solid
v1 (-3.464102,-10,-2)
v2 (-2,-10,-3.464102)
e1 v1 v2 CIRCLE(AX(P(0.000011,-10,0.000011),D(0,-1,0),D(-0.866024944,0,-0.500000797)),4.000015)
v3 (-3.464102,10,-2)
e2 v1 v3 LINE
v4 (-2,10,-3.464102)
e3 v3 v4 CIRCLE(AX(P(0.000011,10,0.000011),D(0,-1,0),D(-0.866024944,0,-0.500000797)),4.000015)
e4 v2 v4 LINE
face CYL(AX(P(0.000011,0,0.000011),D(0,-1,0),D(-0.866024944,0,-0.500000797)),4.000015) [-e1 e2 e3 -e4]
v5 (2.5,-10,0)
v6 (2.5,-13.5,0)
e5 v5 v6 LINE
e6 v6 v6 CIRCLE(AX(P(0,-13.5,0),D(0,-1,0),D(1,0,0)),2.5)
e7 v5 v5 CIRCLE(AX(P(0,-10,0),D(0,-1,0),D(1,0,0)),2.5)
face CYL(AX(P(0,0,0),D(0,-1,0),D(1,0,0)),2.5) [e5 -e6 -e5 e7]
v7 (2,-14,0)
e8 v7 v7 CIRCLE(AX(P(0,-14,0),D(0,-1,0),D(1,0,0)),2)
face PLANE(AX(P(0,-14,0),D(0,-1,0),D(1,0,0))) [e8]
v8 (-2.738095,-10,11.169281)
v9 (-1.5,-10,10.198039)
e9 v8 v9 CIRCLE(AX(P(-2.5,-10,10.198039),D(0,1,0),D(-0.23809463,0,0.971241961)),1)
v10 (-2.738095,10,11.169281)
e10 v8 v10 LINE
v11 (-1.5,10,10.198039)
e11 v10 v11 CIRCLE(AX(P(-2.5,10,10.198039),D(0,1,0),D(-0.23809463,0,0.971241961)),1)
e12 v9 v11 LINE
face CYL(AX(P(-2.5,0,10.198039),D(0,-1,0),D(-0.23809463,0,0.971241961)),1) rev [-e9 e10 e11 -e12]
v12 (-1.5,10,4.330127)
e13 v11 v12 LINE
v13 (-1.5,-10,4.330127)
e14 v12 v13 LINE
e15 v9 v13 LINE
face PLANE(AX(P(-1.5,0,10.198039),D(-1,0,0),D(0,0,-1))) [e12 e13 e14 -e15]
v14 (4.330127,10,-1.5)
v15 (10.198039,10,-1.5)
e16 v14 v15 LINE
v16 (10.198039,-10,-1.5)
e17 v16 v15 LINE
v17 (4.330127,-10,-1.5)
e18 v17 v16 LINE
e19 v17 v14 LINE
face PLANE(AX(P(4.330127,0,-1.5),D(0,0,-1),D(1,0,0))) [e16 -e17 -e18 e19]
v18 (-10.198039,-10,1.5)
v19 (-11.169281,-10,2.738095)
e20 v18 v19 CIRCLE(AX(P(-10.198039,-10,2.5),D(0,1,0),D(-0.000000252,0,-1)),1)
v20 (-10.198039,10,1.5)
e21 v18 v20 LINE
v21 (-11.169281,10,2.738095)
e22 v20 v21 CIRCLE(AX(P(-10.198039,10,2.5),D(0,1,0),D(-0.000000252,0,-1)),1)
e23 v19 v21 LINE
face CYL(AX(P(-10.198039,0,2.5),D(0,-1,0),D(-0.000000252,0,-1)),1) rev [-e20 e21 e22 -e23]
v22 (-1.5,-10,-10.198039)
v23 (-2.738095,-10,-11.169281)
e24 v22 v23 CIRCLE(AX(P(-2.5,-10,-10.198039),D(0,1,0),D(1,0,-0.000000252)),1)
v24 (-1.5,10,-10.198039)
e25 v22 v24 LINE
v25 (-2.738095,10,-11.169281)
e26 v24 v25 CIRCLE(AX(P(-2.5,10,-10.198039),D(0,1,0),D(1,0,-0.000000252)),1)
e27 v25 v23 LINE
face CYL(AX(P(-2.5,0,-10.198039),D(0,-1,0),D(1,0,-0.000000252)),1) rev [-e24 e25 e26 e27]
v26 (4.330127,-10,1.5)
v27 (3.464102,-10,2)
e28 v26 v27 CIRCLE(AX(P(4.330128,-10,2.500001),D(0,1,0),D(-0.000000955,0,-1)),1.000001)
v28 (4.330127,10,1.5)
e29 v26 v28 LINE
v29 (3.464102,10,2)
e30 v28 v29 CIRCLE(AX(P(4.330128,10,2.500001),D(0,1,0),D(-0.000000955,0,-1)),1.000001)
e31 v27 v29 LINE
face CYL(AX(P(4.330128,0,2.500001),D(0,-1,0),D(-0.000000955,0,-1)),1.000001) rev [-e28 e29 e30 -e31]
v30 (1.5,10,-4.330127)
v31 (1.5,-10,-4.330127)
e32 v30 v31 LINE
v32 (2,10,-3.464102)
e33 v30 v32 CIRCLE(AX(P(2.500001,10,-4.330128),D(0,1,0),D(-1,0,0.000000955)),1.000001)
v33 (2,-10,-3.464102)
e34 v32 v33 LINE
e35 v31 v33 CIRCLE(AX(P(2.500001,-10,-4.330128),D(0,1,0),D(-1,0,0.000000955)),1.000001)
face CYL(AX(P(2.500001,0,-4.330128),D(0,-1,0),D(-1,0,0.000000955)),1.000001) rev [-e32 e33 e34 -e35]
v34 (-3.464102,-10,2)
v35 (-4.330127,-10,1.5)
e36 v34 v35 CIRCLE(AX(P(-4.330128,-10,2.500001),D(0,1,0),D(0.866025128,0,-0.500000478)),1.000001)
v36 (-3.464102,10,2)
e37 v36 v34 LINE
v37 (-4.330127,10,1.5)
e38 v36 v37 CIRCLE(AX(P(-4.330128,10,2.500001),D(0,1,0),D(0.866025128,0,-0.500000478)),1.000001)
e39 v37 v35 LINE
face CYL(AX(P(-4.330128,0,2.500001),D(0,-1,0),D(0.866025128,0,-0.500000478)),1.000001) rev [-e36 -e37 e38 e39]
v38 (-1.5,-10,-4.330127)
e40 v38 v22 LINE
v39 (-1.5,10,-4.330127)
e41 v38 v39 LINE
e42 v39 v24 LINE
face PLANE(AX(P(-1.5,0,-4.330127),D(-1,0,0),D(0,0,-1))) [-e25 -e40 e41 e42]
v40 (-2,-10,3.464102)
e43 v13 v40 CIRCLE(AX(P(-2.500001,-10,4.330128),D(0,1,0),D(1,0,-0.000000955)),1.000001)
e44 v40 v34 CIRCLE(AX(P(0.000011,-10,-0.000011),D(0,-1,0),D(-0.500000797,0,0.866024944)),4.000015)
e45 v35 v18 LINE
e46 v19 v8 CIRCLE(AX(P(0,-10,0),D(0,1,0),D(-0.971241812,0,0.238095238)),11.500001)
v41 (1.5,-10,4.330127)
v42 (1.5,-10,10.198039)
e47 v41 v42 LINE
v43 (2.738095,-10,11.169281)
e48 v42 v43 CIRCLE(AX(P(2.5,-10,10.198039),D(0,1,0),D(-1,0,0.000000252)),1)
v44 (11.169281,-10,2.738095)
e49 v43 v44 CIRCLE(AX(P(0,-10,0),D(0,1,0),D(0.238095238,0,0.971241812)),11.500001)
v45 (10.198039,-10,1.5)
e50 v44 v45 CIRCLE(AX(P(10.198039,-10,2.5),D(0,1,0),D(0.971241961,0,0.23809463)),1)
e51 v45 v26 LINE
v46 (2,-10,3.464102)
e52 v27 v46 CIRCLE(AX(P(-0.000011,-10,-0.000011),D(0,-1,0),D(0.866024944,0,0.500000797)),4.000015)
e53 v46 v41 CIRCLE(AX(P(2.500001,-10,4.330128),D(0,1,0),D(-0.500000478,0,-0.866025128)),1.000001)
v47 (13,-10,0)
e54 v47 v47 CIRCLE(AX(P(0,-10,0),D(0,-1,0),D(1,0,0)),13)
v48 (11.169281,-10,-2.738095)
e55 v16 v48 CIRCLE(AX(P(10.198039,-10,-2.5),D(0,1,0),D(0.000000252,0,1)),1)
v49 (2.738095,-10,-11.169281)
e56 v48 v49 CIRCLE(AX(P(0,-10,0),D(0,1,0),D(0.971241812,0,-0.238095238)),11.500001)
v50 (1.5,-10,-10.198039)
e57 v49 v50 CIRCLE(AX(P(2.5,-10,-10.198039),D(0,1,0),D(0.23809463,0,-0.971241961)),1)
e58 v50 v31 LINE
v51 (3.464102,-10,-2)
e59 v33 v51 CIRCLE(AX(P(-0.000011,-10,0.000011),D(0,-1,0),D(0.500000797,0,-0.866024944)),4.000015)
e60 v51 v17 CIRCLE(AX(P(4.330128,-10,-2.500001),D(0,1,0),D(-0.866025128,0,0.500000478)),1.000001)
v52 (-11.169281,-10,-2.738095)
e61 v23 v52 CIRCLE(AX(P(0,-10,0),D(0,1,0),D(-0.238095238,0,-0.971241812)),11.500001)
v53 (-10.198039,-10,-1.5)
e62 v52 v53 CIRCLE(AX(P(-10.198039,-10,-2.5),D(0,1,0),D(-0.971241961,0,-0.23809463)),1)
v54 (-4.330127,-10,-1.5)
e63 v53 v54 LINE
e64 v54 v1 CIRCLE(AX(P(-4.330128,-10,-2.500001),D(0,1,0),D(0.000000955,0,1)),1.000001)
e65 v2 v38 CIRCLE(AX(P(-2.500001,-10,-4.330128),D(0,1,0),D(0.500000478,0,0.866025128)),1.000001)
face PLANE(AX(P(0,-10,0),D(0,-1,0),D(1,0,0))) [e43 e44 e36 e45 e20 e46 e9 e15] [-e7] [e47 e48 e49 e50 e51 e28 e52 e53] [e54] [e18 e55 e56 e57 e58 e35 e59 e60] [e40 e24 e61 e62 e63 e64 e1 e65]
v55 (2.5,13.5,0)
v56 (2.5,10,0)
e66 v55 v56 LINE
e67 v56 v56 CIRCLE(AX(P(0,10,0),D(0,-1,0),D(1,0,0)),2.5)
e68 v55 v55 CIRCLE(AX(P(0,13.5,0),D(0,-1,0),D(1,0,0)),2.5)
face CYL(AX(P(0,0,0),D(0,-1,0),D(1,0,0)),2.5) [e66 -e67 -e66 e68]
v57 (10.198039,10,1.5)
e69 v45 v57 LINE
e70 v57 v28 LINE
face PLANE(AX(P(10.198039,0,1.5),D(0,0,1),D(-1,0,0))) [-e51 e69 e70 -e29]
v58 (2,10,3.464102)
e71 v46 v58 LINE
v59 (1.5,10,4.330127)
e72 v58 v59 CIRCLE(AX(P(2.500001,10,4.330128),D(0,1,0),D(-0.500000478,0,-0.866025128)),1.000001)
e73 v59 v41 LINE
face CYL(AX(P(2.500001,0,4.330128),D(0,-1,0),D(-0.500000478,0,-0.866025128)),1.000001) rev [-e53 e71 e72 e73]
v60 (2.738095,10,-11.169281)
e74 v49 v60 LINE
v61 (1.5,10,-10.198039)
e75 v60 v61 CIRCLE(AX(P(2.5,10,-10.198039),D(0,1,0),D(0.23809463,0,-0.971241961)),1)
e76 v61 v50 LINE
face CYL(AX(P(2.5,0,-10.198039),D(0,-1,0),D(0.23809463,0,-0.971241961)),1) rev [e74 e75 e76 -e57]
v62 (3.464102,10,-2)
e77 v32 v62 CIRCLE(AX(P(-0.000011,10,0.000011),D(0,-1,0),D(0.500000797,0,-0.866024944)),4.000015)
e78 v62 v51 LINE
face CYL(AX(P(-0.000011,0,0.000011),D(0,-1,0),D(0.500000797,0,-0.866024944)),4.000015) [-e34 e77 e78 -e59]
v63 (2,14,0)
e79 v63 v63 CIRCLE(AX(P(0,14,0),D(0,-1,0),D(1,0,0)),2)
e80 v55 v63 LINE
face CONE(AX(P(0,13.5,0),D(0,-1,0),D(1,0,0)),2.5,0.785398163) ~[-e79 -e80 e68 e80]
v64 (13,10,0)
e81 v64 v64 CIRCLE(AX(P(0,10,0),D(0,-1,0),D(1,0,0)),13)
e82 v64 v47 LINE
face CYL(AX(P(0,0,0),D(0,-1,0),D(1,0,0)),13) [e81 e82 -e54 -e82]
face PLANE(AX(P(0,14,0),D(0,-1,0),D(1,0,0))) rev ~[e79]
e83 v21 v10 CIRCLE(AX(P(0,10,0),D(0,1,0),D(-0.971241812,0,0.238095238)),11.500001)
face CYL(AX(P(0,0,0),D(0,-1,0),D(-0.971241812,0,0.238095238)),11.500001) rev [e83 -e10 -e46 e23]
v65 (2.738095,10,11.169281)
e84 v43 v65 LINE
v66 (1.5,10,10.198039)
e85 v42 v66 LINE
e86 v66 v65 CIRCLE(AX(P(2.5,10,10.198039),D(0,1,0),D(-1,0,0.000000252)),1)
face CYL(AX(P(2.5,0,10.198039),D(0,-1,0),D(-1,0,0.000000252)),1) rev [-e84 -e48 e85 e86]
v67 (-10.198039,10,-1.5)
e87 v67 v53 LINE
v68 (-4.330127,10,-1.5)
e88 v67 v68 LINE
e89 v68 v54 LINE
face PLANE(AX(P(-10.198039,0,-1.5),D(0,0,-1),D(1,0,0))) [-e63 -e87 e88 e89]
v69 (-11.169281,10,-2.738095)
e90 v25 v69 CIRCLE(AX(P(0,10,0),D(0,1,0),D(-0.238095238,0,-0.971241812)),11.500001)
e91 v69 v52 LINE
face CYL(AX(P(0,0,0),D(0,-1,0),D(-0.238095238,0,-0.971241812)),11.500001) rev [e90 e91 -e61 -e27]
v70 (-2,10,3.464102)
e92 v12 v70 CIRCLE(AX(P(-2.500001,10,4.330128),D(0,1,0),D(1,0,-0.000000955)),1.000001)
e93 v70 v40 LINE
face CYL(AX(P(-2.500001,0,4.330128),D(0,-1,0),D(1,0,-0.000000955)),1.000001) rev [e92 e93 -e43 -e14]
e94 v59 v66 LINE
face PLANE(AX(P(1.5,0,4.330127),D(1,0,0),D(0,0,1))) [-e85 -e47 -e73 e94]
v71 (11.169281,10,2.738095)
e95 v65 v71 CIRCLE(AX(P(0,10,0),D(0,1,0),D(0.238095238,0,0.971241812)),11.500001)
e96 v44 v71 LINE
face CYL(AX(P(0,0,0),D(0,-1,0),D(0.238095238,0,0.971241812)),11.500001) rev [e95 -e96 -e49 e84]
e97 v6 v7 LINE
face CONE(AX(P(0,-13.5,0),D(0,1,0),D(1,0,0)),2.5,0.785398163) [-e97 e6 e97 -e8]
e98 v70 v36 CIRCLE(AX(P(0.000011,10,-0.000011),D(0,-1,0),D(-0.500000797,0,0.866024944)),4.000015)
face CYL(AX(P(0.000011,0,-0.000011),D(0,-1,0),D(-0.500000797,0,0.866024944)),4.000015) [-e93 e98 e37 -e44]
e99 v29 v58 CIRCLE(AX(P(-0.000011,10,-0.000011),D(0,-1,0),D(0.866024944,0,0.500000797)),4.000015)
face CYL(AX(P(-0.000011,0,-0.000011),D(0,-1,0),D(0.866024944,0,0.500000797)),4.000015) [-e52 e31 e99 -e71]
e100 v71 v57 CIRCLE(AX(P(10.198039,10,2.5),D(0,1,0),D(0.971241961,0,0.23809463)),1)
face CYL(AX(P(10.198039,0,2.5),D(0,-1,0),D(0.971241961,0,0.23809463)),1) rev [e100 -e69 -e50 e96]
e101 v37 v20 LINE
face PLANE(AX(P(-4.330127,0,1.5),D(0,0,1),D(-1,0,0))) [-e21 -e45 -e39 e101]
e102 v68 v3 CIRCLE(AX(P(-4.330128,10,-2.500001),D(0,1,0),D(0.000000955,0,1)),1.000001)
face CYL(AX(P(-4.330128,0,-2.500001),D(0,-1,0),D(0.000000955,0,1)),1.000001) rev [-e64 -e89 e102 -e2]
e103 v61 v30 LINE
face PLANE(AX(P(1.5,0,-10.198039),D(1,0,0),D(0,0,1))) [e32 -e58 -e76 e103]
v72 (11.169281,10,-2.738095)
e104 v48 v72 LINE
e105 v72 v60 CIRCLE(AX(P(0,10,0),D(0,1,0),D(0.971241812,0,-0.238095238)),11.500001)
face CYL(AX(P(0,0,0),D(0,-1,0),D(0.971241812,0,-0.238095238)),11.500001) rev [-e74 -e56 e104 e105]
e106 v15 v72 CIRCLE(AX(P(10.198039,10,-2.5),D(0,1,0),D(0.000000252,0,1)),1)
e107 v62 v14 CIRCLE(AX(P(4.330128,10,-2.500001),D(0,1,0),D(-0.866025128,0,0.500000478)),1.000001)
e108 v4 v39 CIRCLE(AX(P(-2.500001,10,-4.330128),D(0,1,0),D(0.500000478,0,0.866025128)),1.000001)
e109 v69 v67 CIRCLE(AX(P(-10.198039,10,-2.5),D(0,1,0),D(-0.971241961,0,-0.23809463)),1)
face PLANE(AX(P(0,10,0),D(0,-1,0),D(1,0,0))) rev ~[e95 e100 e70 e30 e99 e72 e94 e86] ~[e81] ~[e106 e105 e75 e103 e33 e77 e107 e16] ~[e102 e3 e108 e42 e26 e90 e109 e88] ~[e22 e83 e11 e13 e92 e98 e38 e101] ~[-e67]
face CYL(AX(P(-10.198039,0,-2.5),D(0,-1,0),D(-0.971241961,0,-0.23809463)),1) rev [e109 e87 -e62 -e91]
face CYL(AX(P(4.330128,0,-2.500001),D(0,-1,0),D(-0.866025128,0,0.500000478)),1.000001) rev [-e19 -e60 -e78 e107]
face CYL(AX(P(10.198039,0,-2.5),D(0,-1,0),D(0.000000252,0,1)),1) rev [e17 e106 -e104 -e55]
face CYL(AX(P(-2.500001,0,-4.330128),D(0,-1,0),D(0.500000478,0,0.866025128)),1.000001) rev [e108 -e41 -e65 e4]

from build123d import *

# Parameters (mm, degrees)
F0_R     = 13
F1_DEPTH = 10
F2_R     = 2.5
F3_DEPTH = 14
F4_SIZE  = 0.5


with BuildPart() as f1:
    # F0 (on Front) → F1 (new body, symmetric)
    with BuildSketch(Plane.XZ):
        Circle(F0_R)
        with BuildLine():
            ThreePointArc((-2.738095, -11.169281), (-8.131728, -8.131728), (-11.169281, -2.738095))
            ThreePointArc((-11.169281, -2.738095), (-10.984835, -1.882787), (-10.198039, -1.5))
            Line((-10.198039, -1.5), (-4.330127, -1.5))
            ThreePointArc((-4.330127, -1.5), (-3.830127, -1.633975), (-3.464102, -2))
            ThreePointArc((-3.464102, -2), (-2.828427, -2.828427), (-2, -3.464102))
            ThreePointArc((-2, -3.464102), (-1.633975, -3.830127), (-1.5, -4.330127))
            Line((-1.5, -4.330127), (-1.5, -10.198039))
            ThreePointArc((-1.5, -10.198039), (-1.882787, -10.984835), (-2.738095, -11.169281))
        make_face(mode=Mode.SUBTRACT)
        with BuildLine():
            Line((1.5, -10.198039), (1.5, -4.330127))
            ThreePointArc((1.5, -4.330127), (1.633975, -3.830127), (2, -3.464102))
            ThreePointArc((2, -3.464102), (2.828427, -2.828427), (3.464102, -2))
            ThreePointArc((3.464102, -2), (3.830127, -1.633975), (4.330127, -1.5))
            Line((4.330127, -1.5), (10.198039, -1.5))
            ThreePointArc((10.198039, -1.5), (10.984835, -1.882787), (11.169281, -2.738095))
            ThreePointArc((11.169281, -2.738095), (8.131728, -8.131728), (2.738095, -11.169281))
            ThreePointArc((2.738095, -11.169281), (1.882787, -10.984835), (1.5, -10.198039))
        make_face(mode=Mode.SUBTRACT)
        with BuildLine():
            ThreePointArc((-1.5, 4.330127), (-1.633975, 3.830127), (-2, 3.464102))
            ThreePointArc((-2, 3.464102), (-2.828427, 2.828427), (-3.464102, 2))
            ThreePointArc((-3.464102, 2), (-3.830127, 1.633975), (-4.330127, 1.5))
            Line((-4.330127, 1.5), (-10.198039, 1.5))
            ThreePointArc((-10.198039, 1.5), (-10.984835, 1.882787), (-11.169281, 2.738095))
            ThreePointArc((-11.169281, 2.738095), (-8.131728, 8.131728), (-2.738095, 11.169281))
            ThreePointArc((-2.738095, 11.169281), (-1.882787, 10.984835), (-1.5, 10.198039))
            Line((-1.5, 10.198039), (-1.5, 4.330127))
        make_face(mode=Mode.SUBTRACT)
        with BuildLine():
            Line((1.5, 4.330127), (1.5, 10.198039))
            ThreePointArc((1.5, 10.198039), (1.882787, 10.984835), (2.738095, 11.169281))
            ThreePointArc((2.738095, 11.169281), (8.131728, 8.131728), (11.169281, 2.738095))
            ThreePointArc((11.169281, 2.738095), (10.984835, 1.882787), (10.198039, 1.5))
            Line((10.198039, 1.5), (4.330127, 1.5))
            ThreePointArc((4.330127, 1.5), (3.830127, 1.633975), (3.464102, 2))
            ThreePointArc((3.464102, 2), (2.828427, 2.828427), (2, 3.464102))
            ThreePointArc((2, 3.464102), (1.633975, 3.830127), (1.5, 4.330127))
        make_face(mode=Mode.SUBTRACT)
    extrude(amount=F1_DEPTH, both=True)

    # F2 (on Front) → F3 (join, symmetric)
    with BuildSketch(Plane.XZ):
        Circle(F2_R)
    extrude(amount=F3_DEPTH, both=True)

    # F4
    f4_edges = [f1.edges().sort_by_distance(p)[0] for p in [
        (-2.5, -14, 0),
        (-2.5, 14, 0),
    ]]
    chamfer(f4_edges, length=F4_SIZE)


solid = f1.part
